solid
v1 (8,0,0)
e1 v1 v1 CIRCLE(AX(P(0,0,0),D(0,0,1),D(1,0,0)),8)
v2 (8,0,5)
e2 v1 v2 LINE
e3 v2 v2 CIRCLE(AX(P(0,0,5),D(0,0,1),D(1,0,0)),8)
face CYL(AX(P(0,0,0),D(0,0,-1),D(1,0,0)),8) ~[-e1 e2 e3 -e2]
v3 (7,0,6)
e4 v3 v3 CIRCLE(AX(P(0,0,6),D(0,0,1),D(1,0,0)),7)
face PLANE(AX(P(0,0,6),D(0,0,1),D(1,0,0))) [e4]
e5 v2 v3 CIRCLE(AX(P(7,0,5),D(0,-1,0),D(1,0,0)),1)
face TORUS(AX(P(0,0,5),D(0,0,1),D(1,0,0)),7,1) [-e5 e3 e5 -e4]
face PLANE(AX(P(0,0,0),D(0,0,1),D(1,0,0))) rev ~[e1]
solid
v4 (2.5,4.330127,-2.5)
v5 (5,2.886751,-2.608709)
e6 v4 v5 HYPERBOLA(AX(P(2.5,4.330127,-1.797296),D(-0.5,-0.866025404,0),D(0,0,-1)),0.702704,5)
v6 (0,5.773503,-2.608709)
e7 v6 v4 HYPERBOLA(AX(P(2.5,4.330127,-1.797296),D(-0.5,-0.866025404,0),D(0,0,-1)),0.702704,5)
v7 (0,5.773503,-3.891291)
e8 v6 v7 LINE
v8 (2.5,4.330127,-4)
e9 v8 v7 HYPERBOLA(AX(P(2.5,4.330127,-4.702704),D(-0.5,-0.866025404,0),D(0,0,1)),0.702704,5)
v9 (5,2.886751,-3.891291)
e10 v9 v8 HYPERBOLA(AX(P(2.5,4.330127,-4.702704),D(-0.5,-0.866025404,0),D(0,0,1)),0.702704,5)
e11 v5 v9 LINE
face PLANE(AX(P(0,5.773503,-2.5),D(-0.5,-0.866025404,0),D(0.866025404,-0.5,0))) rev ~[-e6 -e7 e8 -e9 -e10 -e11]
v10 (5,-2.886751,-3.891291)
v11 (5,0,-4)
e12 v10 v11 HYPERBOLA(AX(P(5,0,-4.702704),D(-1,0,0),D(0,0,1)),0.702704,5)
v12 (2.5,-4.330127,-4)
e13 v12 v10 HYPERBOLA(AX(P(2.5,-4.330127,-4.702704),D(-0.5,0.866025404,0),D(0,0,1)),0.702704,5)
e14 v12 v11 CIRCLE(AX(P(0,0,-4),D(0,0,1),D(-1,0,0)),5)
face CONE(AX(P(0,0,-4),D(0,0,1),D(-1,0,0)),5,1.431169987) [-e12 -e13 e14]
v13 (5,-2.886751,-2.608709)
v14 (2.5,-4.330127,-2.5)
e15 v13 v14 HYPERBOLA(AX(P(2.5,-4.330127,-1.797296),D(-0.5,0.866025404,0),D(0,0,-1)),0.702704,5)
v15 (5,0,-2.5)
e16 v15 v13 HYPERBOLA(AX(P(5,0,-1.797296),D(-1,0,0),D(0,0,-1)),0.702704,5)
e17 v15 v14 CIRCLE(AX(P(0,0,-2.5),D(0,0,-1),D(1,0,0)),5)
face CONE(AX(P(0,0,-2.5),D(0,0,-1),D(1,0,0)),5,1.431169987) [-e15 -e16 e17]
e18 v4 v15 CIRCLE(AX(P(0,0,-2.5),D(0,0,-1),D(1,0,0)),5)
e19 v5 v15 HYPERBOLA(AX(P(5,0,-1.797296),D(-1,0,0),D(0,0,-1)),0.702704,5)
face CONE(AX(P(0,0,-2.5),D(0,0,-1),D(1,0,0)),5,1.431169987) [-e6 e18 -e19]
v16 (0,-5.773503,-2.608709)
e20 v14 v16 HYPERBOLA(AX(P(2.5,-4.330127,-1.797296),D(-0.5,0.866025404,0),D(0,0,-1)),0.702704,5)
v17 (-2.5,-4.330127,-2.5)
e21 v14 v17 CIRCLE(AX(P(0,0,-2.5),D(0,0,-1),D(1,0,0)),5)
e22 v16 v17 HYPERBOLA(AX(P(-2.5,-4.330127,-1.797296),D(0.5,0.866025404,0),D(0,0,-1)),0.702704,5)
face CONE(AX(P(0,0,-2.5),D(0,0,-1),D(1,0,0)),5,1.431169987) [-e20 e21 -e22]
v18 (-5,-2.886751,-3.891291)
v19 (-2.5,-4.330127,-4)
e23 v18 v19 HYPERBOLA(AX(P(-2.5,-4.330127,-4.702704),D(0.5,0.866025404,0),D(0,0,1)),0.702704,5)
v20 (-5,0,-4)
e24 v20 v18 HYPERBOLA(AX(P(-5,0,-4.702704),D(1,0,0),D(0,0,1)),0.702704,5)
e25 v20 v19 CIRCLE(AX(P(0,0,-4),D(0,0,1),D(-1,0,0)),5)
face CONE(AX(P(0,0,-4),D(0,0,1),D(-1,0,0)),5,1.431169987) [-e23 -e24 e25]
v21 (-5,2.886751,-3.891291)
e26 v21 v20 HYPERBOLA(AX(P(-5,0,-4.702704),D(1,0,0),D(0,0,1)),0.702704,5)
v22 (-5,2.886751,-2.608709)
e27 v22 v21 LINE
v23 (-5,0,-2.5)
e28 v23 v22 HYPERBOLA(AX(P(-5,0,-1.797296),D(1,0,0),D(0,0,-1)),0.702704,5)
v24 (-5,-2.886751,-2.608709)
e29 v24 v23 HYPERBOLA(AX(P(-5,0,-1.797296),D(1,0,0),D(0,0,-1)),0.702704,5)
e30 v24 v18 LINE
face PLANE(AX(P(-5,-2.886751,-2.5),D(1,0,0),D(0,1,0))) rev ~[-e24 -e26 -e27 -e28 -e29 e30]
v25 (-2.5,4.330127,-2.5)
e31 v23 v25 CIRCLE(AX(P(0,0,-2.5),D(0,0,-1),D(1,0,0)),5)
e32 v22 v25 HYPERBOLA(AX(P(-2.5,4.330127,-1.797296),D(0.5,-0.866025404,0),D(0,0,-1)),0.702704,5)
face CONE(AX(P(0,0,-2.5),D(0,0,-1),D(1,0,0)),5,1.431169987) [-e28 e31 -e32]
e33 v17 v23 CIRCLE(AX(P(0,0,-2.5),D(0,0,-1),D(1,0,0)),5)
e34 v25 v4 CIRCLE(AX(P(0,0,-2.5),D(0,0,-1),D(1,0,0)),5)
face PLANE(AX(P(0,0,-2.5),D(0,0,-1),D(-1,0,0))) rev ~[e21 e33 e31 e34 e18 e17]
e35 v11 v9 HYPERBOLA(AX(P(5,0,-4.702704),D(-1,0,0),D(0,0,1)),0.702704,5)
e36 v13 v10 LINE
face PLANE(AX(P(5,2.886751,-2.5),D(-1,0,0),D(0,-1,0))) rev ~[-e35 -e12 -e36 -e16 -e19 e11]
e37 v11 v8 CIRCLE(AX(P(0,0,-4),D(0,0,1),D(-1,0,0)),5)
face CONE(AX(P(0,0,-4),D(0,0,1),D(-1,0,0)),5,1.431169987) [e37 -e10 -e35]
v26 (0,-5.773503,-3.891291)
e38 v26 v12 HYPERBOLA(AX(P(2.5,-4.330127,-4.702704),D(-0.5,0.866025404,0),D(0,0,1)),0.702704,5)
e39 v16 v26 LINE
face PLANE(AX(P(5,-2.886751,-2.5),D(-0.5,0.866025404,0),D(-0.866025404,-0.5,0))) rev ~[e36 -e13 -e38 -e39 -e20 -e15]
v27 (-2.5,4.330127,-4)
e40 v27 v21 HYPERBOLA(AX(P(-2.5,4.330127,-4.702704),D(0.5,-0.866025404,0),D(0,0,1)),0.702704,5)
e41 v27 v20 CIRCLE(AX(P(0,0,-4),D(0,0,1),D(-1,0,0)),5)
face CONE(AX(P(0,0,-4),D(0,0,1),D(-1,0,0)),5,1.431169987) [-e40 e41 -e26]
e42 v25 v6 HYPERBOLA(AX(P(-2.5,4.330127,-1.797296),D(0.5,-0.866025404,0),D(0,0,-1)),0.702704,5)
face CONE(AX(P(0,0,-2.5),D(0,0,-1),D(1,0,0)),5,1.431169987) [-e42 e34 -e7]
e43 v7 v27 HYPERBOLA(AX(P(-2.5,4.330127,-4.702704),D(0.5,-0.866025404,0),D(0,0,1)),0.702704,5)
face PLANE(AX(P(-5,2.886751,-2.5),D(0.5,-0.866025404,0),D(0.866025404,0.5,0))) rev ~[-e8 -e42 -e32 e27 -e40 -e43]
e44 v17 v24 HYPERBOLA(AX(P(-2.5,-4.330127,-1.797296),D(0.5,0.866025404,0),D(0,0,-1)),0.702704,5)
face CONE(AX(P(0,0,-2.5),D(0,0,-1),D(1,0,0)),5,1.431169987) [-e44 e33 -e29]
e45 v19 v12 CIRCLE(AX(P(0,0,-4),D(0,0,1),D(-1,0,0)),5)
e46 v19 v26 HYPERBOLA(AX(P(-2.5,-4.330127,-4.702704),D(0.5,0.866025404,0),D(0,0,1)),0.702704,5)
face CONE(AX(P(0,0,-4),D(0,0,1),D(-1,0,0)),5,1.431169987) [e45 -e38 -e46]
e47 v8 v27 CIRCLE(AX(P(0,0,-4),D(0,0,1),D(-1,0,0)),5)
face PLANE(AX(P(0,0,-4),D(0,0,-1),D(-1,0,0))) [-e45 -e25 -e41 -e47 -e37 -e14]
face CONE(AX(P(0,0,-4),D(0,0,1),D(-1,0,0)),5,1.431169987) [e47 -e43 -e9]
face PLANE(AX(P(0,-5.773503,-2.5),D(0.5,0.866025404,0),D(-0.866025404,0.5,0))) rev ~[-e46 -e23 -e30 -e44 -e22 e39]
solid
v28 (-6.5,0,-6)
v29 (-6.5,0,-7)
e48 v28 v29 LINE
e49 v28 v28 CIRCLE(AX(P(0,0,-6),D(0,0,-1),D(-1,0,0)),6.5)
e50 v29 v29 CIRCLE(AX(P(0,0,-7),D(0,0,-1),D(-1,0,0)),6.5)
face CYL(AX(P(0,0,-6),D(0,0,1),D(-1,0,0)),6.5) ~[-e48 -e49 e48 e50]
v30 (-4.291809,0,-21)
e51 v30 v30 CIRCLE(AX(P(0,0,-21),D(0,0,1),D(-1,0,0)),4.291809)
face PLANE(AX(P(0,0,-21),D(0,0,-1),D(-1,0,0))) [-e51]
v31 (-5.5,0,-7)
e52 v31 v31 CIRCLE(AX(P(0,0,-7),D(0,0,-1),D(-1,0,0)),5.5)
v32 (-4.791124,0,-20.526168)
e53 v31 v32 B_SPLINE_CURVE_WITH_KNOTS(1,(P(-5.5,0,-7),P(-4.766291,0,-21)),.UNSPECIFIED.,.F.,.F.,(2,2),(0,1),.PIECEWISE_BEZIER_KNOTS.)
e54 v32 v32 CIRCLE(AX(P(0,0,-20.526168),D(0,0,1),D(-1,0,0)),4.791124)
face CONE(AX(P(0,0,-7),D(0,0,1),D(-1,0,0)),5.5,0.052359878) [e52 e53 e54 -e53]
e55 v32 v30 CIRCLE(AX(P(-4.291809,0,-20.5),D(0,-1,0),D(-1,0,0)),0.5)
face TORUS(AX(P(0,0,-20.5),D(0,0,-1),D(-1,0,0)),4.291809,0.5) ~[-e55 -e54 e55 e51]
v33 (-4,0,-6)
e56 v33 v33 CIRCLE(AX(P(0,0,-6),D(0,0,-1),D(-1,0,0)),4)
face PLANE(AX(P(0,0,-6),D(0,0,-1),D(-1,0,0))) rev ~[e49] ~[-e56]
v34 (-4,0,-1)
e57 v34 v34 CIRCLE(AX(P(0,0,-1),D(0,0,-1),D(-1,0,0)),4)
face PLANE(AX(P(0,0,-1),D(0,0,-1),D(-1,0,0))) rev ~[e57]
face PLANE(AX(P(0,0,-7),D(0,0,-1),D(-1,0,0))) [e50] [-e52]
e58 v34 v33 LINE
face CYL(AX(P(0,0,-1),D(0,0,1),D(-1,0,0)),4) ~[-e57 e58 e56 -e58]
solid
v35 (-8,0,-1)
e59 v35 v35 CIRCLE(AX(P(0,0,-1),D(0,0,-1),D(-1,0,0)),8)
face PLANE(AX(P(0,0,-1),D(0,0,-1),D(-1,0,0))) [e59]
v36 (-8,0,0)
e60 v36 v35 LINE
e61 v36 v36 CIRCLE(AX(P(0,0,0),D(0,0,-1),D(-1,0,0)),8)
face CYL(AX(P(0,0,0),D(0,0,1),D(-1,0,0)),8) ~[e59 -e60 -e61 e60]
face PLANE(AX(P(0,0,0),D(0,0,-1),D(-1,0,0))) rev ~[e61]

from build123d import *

# Parameters (mm, degrees)
ESQUISSE1_R             = 8
BOSS_EXTRU_1_DEPTH      = 6
CONG_1_R                = 1
ESQUISSE2_R             = 8
BOSS_EXTRU_2_DEPTH      = 1
ESQUISSE3_R             = 4
BOSS_EXTRU_3_DEPTH      = 5
ESQUISSE4_R             = 6.5
BOSS_EXTRU_4_DEPTH      = 1
ESQUISSE5_R             = 5.5
BOSS_EXTRU_5_DEPTH      = 14
BOSS_EXTRU_5_TAPER      = 3
CONG_2_R                = 0.5
BOSS_EXTRU_6_START      = 1.5
BOSS_EXTRU_6_DEPTH      = 1.5
ESQUISSE8_OUTSIDE_W     = 46.392
ESQUISSE8_OUTSIDE_H     = 46.392
ESQUISSE8_OUTSIDE_R     = 5
ENL_V_MAT_EXTRU_3_DEPTH = 1.5
ENL_V_MAT_EXTRU_3_TAPER = 82
ESQUISSE9_OUTSIDE_W     = 46.392
ESQUISSE9_OUTSIDE_H     = 46.392
ESQUISSE9_OUTSIDE_R     = 5
ENL_V_MAT_EXTRU_4_DEPTH = 1.5
ENL_V_MAT_EXTRU_4_TAPER = 82


with BuildPart() as part:
    # Esquisse1 → Boss.-Extru.1 (new body)
    with BuildSketch(Plane.XY):
        Circle(ESQUISSE1_R)
    extrude(amount=BOSS_EXTRU_1_DEPTH)

    # Congé1
    cong_1_edges = [part.edges().sort_by_distance(p)[0] for p in [
        (-8, 0, 6),
    ]]
    fillet(cong_1_edges, radius=CONG_1_R)


with BuildPart() as body_2:
    # Esquisse2 → Boss.-Extru.2 (new body)
    with BuildSketch(Plane(origin=(0, 0, 0), x_dir=(-1, 0, 0), z_dir=(0, 0, -1))):
        Circle(ESQUISSE2_R)
    extrude(amount=BOSS_EXTRU_2_DEPTH)


with BuildPart() as body_3:
    # Esquisse3 → Boss.-Extru.3 (new body)
    with BuildSketch(Plane(origin=(0, 0, -1), x_dir=(-1, 0, 0), z_dir=(0, 0, -1))):
        Circle(ESQUISSE3_R)
    extrude(amount=BOSS_EXTRU_3_DEPTH)

    # Esquisse4 → Boss.-Extru.4 (add)
    with BuildSketch(Plane(origin=(0, 0, -6), x_dir=(-1, 0, 0), z_dir=(0, 0, -1))):
        Circle(ESQUISSE4_R)
    extrude(amount=BOSS_EXTRU_4_DEPTH)

    # Esquisse5 → Boss.-Extru.5 (add)
    with BuildSketch(Plane(origin=(0, 0, -7), x_dir=(-1, 0, 0), z_dir=(0, 0, -1))):
        Circle(ESQUISSE5_R)
    extrude(amount=BOSS_EXTRU_5_DEPTH, taper=BOSS_EXTRU_5_TAPER)

    # Congé2
    cong_2_edges = [body_3.edges().sort_by_distance(p)[0] for p in [
        (4.76629109, 0, -21),
    ]]
    fillet(cong_2_edges, radius=CONG_2_R)


with BuildPart() as body_4:
    # Esquisse7 → Boss.-Extru.6 (new body)
    with BuildSketch(Plane(origin=(0, 0, -1), x_dir=(-1, 0, 0), z_dir=(0, 0, -1)).offset(BOSS_EXTRU_6_START)):
        Polygon((-5, 2.886751346), (-5, -2.886751346), (0, -5.773502692), (5, -2.886751346), (5, 2.886751346), (0, 5.773502692), align=None)
    extrude(amount=BOSS_EXTRU_6_DEPTH)

    # Esquisse8 outside → Enlèv. mat.-Extru.3 (cut)
    with BuildSketch(Plane(origin=(0, 0, -4), x_dir=(-1, 0, 0), z_dir=(0, 0, -1))):
        Rectangle(ESQUISSE8_OUTSIDE_W, ESQUISSE8_OUTSIDE_H)
        Circle(ESQUISSE8_OUTSIDE_R, mode=Mode.SUBTRACT)
    extrude(amount=-ENL_V_MAT_EXTRU_3_DEPTH, taper=ENL_V_MAT_EXTRU_3_TAPER, mode=Mode.SUBTRACT)

    # Esquisse9 outside → Enlèv. mat.-Extru.4 (cut)
    with BuildSketch(Plane.XY.offset(-2.5)):
        Rectangle(ESQUISSE9_OUTSIDE_W, ESQUISSE9_OUTSIDE_H)
        Circle(ESQUISSE9_OUTSIDE_R, mode=Mode.SUBTRACT)
    extrude(amount=-ENL_V_MAT_EXTRU_4_DEPTH, taper=ENL_V_MAT_EXTRU_4_TAPER, mode=Mode.SUBTRACT)


solid = Compound([part.part, body_2.part, body_3.part, body_4.part])
